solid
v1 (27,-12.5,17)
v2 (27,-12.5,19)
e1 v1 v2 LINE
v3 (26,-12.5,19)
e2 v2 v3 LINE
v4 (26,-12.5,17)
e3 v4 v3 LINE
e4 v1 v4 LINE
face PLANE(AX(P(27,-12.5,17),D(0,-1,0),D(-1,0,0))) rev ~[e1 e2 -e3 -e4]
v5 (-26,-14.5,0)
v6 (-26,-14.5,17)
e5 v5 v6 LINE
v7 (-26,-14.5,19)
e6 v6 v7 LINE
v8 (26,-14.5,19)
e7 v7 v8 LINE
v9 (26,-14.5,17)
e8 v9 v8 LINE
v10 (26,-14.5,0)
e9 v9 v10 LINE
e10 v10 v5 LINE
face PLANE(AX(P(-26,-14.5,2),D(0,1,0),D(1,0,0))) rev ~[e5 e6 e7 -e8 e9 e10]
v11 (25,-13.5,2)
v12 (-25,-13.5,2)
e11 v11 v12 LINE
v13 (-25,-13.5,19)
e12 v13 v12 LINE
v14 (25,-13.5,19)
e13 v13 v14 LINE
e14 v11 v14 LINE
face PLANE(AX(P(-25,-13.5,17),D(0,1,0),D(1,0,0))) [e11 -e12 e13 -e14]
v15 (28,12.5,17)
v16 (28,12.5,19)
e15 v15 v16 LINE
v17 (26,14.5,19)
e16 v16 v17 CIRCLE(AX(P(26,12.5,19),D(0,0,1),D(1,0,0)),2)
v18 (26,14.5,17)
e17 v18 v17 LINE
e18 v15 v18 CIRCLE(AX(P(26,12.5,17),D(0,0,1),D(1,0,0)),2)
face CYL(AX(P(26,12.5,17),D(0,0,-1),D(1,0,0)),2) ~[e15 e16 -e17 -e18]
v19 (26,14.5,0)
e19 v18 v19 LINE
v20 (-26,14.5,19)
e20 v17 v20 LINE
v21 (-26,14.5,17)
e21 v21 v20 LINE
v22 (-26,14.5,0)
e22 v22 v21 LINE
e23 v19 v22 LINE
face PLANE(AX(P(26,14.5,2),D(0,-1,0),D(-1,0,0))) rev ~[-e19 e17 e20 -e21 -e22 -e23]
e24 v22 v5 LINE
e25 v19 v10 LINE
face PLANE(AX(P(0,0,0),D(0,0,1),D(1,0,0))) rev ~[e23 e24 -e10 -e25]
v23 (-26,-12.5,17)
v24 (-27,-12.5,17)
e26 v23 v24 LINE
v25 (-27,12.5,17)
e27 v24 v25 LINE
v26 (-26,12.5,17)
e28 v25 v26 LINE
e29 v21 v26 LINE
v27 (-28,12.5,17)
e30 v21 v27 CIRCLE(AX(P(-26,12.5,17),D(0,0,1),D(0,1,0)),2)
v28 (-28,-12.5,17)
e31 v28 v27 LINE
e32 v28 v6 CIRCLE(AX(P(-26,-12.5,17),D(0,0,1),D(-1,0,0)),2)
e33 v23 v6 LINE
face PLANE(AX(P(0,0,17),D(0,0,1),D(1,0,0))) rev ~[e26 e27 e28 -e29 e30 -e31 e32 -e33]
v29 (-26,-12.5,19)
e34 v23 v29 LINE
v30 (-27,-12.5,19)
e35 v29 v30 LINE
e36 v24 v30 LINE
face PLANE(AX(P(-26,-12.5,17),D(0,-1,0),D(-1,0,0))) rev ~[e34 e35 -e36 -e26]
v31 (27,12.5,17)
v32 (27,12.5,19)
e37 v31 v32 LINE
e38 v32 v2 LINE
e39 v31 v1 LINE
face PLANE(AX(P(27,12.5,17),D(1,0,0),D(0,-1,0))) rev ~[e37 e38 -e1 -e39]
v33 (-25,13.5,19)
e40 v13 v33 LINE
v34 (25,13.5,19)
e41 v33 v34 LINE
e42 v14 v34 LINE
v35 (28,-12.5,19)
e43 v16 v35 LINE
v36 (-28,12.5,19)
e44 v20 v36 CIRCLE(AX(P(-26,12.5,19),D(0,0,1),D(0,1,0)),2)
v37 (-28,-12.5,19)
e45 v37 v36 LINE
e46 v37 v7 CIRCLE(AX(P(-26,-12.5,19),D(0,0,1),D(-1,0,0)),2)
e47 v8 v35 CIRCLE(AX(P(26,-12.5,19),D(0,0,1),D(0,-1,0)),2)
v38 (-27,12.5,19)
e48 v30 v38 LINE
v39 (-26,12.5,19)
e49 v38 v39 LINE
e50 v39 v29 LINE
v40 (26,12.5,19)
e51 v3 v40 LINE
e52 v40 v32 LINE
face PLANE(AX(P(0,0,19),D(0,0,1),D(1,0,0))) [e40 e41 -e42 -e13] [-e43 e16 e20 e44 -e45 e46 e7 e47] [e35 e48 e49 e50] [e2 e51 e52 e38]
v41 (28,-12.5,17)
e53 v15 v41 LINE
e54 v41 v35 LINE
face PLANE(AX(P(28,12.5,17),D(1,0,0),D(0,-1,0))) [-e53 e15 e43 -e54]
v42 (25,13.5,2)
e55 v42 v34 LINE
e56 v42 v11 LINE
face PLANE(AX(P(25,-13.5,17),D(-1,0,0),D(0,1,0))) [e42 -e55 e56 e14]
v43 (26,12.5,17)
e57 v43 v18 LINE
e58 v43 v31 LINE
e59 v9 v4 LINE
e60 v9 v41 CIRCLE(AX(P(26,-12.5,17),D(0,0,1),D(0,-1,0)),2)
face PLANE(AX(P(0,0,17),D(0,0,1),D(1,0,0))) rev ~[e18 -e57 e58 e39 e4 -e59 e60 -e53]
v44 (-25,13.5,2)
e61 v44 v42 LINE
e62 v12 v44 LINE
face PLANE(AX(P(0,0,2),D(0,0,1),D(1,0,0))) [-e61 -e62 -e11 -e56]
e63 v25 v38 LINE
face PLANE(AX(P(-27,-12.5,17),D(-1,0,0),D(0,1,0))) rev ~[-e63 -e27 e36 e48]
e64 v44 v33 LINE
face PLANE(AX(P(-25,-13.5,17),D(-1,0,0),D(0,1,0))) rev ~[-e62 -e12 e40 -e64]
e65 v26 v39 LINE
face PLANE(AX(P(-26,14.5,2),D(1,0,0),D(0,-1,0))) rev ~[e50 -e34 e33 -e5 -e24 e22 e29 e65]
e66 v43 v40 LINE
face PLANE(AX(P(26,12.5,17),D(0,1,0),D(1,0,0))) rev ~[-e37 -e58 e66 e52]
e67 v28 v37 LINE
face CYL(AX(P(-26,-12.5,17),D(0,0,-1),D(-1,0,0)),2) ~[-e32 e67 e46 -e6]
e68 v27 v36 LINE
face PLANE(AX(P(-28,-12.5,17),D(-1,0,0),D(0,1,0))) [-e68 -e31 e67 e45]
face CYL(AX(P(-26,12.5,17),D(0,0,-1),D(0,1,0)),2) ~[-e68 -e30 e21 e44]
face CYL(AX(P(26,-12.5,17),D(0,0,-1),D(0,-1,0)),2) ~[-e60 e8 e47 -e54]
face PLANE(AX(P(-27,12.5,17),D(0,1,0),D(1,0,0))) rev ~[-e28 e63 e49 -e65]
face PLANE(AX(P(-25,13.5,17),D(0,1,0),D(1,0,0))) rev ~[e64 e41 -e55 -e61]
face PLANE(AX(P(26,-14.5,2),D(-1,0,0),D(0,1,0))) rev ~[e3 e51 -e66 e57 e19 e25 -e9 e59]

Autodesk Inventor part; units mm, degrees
ref_plane "YZ Plane" through (0, 0, 0) normal (1, 0, 0) x (0, 1, 0)
ref_plane "XZ Plane" through (0, 0, 0) normal (0, 1, 0) x (-1, 0, 0)
ref_plane "XY Plane" through (0, 0, 0) normal (0, 0, 1) x (1, 0, 0)
sketch "Эскиз1" plane through (0, 0, 0) normal (0, 0, 1) x (1, 0, 0)
  line L0 (-26, 14.5) -> (26, 14.5)
  line L1 (26, 14.5) -> (26, -14.5)
  line L2 (26, -14.5) -> (-26, -14.5)
  line L3 (-26, -14.5) -> (-26, 14.5)
  line L4 (0, -20.3) -> (0, 20.3) projected
  line L5 (-36.4, 0) -> (36.4, 0) projected
  point P0 (0, 0)
  dimension "d0" = 29
  dimension "d1" = 52
extrude "Выдавливание1" add sketch "Эскиз1" along normal blind 2
sketch "Эскиз2" plane through (0, 0, 2) normal (0, 0, 1) x (1, 0, 0)
  line L0 (-26, 14.5) -> (-26, -14.5) projected
  line L1 (26, 14.5) -> (-26, 14.5) projected
  line L2 (26, -14.5) -> (26, 14.5) projected
  line L3 (-26, -14.5) -> (26, -14.5) projected
  line L4 (-26, 14.5) -> (26, 14.5)
  line L5 (26, 14.5) -> (26, -14.5)
  line L6 (26, -14.5) -> (-26, -14.5)
  line L7 (-26, -14.5) -> (-26, 14.5)
  line L8 (-25, 13.5) -> (25, 13.5)
  line L9 (25, 13.5) -> (25, -13.5)
  line L10 (25, -13.5) -> (-25, -13.5)
  line L11 (-25, -13.5) -> (-25, 13.5)
  point P0 (0, 0)
  dimension "d4" = 1
  dimension "d5" = 1
  dimension "d6" = 1
  dimension "d7" = 1
extrude "Выдавливание2" add sketch "Эскиз2" along normal blind 15
sketch "Эскиз3" plane through (0, 0, 17) normal (0, 0, 1) x (1, 0, 0)
  line L0 (-26, 14.5) -> (-26, -14.5) projected
  line L1 (-26, 14.5) -> (-26, 14.5)
  line L2 (-26, 14.5) -> (-26, -14.5)
  line L3 (-26, -14.5) -> (-26, -14.5)
  line L4 (-28, -12.5) -> (-28, 12.5)
  line L5 (26, 14.5) -> (-26, 14.5) projected
  line L6 (26, 14.5) -> (26, 14.5)
  line L7 (28, 12.5) -> (28, -12.5)
  line L8 (26, -14.5) -> (26, -14.5)
  line L9 (26, -14.5) -> (26, 14.5)
  arc A0 (-26, 14.5) -> (-28, 12.5) centre (-26, 12.5) ccw
  arc A1 (-28, -12.5) -> (-26, -14.5) centre (-26, -12.5) ccw
  arc A2 (26, -14.5) -> (28, -12.5) centre (26, -12.5) ccw
  arc A3 (28, 12.5) -> (26, 14.5) centre (26, 12.5) ccw
  line L10 (-26, 14.5) -> (26, 14.5)
  line L11 (26, -14.5) -> (26, 14.5) projected
  line L12 (-26, -14.5) -> (26, -14.5)
  line L13 (-26, -12.5) -> (-27, -12.5)
  line L14 (-27, -12.5) -> (-27, 12.5)
  line L15 (-27, 12.5) -> (-26, 12.5)
  line L16 (-26, 12.5) -> (-26, -12.5)
  line L17 (26, 12.5) -> (27, 12.5)
  line L18 (27, 12.5) -> (27, -12.5)
  line L19 (27, -12.5) -> (26, -12.5)
  line L20 (26, -12.5) -> (26, 12.5)
  line L21 (-25, 13.5) -> (25, 13.5) projected
  line L22 (-25, -13.5) -> (-25, 13.5) projected
  line L23 (-25, 13.5) -> (-25, -13.5) projected
  line L24 (-25, -13.5) -> (25, -13.5) projected
  line L25 (25, -13.5) -> (25, 13.5) projected
  line L26 (25, 13.5) -> (-25, 13.5) projected
  point P0 (0, 0)
  point P1 (25, 13.5)
  dimension "d10" = 2
  dimension "d11" = 2
  dimension "d12" = 2
  dimension "d13" = 2
  dimension "d14" = 1
  dimension "d15" = 1
extrude "Выдавливание3" add sketch "Эскиз3" along normal blind 2 contours L5 L9 L12 L0 | L0 L15 L14 L13 A1 L4 A0 | A3 L7 A2 L9 L19 L18 L17
properties part number "бокс стандартный"
